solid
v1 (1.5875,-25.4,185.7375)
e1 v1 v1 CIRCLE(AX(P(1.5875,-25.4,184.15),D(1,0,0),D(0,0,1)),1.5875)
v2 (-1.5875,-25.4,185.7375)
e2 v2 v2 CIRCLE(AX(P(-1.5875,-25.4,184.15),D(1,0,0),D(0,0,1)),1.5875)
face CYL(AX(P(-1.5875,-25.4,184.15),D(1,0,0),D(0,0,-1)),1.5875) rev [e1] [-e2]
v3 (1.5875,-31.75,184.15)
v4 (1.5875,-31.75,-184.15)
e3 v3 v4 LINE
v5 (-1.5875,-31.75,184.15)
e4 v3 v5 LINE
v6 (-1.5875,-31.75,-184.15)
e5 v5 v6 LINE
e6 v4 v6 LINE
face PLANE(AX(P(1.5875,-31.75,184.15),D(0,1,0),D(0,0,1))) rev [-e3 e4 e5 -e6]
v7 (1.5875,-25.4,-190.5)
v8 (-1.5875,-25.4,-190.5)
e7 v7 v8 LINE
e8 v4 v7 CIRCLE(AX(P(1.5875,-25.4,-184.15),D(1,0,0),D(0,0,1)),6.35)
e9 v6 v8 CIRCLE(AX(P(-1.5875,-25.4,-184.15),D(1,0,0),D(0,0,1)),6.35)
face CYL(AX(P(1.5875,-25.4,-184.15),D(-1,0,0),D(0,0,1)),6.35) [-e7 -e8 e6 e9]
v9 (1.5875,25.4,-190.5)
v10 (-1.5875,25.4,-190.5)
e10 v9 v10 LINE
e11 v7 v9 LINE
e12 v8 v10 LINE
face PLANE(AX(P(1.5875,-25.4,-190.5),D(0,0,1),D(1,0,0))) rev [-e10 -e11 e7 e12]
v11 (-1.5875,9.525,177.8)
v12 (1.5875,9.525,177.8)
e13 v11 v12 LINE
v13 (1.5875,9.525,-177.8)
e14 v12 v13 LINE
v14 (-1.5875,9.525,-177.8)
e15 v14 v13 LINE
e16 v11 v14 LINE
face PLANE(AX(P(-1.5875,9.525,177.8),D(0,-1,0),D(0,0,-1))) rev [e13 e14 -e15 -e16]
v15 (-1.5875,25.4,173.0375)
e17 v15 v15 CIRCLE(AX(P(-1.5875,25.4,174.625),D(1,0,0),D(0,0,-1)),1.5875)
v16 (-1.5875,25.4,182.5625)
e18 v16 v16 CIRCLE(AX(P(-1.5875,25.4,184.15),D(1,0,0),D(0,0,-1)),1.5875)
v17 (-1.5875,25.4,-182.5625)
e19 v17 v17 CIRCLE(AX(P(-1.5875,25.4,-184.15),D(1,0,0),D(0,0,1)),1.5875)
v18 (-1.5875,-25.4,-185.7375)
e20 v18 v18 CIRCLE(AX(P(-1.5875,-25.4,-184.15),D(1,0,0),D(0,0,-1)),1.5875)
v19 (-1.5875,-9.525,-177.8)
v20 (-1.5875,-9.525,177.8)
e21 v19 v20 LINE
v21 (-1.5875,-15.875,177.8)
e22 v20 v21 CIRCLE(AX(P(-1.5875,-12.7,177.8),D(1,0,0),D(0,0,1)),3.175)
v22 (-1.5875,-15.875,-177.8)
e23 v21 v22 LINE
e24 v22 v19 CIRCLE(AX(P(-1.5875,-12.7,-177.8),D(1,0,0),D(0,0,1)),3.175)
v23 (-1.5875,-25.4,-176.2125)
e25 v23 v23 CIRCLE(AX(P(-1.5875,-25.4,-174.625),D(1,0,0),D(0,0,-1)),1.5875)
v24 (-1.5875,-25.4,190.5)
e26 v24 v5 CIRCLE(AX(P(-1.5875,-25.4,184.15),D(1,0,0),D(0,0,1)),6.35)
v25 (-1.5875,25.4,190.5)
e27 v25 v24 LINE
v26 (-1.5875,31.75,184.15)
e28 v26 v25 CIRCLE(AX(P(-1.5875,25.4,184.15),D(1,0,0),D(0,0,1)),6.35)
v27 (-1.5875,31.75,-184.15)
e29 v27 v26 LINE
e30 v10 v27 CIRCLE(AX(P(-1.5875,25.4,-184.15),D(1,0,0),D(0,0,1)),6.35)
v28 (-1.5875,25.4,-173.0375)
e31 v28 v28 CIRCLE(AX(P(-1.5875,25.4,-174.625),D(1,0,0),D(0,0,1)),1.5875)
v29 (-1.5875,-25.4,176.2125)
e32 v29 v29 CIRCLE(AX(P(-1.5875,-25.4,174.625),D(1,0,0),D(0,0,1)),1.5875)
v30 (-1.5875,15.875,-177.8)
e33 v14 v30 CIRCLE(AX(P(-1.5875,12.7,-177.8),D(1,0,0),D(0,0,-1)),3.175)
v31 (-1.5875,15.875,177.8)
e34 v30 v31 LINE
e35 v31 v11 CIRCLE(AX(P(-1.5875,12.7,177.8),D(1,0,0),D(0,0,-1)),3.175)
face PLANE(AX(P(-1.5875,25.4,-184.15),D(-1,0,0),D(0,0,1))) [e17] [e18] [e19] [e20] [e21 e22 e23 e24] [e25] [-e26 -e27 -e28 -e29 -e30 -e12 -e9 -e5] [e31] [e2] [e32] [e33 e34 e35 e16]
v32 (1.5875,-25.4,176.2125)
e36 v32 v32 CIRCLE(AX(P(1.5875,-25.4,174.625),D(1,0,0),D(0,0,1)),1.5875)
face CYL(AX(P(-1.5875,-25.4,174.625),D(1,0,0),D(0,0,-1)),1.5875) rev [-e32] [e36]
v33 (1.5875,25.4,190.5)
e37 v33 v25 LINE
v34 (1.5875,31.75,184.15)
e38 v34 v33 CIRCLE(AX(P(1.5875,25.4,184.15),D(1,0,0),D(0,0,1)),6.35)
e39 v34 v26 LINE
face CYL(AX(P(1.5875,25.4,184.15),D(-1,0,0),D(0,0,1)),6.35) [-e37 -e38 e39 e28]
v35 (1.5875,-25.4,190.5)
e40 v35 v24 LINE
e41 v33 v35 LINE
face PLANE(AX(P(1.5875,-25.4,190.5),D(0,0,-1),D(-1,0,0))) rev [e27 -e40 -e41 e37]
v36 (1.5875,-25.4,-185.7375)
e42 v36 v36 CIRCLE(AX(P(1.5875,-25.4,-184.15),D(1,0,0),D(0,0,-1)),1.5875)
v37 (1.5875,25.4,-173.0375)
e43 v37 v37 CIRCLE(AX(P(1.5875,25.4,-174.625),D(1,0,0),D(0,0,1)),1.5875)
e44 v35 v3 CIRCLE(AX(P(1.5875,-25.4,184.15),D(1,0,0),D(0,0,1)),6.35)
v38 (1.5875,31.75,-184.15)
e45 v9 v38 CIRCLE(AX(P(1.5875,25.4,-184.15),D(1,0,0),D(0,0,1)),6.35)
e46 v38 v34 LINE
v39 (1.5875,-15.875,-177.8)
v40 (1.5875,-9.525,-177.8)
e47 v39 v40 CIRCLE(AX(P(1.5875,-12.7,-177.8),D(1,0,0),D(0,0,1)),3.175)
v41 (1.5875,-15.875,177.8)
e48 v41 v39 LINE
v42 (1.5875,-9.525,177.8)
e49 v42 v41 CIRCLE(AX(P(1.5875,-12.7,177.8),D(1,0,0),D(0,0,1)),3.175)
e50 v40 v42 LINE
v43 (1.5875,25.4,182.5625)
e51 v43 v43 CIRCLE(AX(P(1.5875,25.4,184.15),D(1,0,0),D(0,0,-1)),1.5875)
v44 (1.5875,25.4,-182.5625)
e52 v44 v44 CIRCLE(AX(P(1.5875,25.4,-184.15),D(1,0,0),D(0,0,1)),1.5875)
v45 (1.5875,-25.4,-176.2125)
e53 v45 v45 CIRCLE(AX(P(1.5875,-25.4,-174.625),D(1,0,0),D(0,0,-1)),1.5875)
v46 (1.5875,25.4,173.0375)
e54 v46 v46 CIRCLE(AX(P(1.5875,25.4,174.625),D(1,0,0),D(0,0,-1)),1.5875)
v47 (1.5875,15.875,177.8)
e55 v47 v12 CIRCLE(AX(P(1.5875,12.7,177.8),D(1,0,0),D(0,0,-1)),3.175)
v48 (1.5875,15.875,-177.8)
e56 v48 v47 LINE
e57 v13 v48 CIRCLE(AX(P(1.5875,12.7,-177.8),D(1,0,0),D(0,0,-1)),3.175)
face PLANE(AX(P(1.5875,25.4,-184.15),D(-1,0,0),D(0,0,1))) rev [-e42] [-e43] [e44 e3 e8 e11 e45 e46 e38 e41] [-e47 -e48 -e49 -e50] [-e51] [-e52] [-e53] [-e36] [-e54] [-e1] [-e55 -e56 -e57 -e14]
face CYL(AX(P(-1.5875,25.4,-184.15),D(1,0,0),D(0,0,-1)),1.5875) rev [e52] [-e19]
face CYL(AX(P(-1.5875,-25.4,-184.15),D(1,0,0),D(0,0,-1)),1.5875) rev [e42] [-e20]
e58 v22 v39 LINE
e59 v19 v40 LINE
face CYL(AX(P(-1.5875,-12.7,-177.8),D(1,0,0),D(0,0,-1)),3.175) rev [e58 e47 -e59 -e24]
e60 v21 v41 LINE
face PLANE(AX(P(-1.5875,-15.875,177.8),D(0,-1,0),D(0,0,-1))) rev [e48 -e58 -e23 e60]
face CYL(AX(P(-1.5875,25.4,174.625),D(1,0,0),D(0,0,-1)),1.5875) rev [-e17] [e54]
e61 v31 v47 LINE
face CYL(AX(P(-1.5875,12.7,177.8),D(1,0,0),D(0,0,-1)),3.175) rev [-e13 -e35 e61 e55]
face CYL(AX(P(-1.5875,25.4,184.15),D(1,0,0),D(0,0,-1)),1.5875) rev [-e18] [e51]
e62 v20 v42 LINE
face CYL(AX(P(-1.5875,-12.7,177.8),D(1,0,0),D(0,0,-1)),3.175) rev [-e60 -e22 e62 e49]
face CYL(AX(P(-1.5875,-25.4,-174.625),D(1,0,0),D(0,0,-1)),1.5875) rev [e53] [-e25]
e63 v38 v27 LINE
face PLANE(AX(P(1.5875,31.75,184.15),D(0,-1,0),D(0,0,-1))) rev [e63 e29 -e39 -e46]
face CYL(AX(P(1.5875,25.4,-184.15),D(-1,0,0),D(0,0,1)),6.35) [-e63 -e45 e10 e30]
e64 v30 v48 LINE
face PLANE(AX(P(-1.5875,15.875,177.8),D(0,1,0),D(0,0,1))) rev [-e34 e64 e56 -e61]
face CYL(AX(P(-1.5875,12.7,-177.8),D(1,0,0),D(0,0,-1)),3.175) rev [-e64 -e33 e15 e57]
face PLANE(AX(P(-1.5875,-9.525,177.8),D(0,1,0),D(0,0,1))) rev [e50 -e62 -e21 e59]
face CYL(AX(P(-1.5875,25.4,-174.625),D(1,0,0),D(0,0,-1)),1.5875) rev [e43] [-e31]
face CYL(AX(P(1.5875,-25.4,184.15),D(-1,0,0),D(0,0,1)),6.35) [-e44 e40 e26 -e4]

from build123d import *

# Parameters (mm, degrees)
OUTER_CUT_DEPTH   = 1.5875
SLOTS_DEPTH       = 194.153806913
SKETCH3_R         = 1.5875
MOUNT_HOLES_DEPTH = 194.153806913


with BuildPart() as part:
    # Sketch1 → Outer Cut (new, symmetric)
    with BuildSketch(Plane(origin=(0, 0, 0), x_dir=(0, 0, -1), z_dir=(1, 0, 0))):
        with BuildLine():
            Line((-184.15, -31.75), (184.15, -31.75))
            ThreePointArc((184.15, -31.75), (188.640128061, -29.890128061), (190.5, -25.4))
            Line((190.5, -25.4), (190.5, 25.4))
            ThreePointArc((190.5, 25.4), (188.640128061, 29.890128061), (184.15, 31.75))
            Line((184.15, 31.75), (-184.15, 31.75))
            ThreePointArc((-184.15, 31.75), (-188.640128061, 29.890128061), (-190.5, 25.4))
            Line((-190.5, 25.4), (-190.5, -25.4))
            ThreePointArc((-190.5, -25.4), (-188.640128061, -29.890128061), (-184.15, -31.75))
        make_face()
    extrude(amount=OUTER_CUT_DEPTH, both=True)

    # Sketch2 → Slots (cut, through all)
    with BuildSketch(Plane(origin=(1.5875, 0, 0), x_dir=(0, 0, -1), z_dir=(1, 0, 0))):
        with BuildLine():
            Line((-177.8, 15.875), (177.8, 15.875))
            ThreePointArc((177.8, 15.875), (180.975, 12.7), (177.8, 9.525))
            Line((177.8, 9.525), (-177.8, 9.525))
            ThreePointArc((-177.8, 9.525), (-180.975, 12.7), (-177.8, 15.875))
        make_face()
        with BuildLine():
            Line((-177.8, -15.875), (177.8, -15.875))
            ThreePointArc((177.8, -15.875), (180.975, -12.7), (177.8, -9.525))
            Line((177.8, -9.525), (-177.8, -9.525))
            ThreePointArc((-177.8, -9.525), (-180.975, -12.7), (-177.8, -15.875))
        make_face()
    extrude(amount=-SLOTS_DEPTH, mode=Mode.SUBTRACT)

    # Sketch3 → Mount Holes (cut, through all)
    with BuildSketch(Plane(origin=(1.5875, 0, 0), x_dir=(0, 0, -1), z_dir=(1, 0, 0))):
        with Locations((-184.15, 25.4)):
            Circle(SKETCH3_R)
        with Locations((-174.625, 25.4)):
            Circle(SKETCH3_R)
        with Locations(Location((-174.625, -25.4, 0), (0, 0, 180))):
            Circle(SKETCH3_R)
        with Locations(Location((-184.15, -25.4, 0), (0, 0, 180))):
            Circle(SKETCH3_R)
        with Locations(Location((174.625, 25.4, 0), (0, 0, 180))):
            Circle(SKETCH3_R)
        with Locations(Location((184.15, 25.4, 0), (0, 0, 180))):
            Circle(SKETCH3_R)
        with Locations((184.15, -25.4)):
            Circle(SKETCH3_R)
        with Locations((174.625, -25.4)):
            Circle(SKETCH3_R)
    extrude(amount=-MOUNT_HOLES_DEPTH, mode=Mode.SUBTRACT)


solid = part.part
